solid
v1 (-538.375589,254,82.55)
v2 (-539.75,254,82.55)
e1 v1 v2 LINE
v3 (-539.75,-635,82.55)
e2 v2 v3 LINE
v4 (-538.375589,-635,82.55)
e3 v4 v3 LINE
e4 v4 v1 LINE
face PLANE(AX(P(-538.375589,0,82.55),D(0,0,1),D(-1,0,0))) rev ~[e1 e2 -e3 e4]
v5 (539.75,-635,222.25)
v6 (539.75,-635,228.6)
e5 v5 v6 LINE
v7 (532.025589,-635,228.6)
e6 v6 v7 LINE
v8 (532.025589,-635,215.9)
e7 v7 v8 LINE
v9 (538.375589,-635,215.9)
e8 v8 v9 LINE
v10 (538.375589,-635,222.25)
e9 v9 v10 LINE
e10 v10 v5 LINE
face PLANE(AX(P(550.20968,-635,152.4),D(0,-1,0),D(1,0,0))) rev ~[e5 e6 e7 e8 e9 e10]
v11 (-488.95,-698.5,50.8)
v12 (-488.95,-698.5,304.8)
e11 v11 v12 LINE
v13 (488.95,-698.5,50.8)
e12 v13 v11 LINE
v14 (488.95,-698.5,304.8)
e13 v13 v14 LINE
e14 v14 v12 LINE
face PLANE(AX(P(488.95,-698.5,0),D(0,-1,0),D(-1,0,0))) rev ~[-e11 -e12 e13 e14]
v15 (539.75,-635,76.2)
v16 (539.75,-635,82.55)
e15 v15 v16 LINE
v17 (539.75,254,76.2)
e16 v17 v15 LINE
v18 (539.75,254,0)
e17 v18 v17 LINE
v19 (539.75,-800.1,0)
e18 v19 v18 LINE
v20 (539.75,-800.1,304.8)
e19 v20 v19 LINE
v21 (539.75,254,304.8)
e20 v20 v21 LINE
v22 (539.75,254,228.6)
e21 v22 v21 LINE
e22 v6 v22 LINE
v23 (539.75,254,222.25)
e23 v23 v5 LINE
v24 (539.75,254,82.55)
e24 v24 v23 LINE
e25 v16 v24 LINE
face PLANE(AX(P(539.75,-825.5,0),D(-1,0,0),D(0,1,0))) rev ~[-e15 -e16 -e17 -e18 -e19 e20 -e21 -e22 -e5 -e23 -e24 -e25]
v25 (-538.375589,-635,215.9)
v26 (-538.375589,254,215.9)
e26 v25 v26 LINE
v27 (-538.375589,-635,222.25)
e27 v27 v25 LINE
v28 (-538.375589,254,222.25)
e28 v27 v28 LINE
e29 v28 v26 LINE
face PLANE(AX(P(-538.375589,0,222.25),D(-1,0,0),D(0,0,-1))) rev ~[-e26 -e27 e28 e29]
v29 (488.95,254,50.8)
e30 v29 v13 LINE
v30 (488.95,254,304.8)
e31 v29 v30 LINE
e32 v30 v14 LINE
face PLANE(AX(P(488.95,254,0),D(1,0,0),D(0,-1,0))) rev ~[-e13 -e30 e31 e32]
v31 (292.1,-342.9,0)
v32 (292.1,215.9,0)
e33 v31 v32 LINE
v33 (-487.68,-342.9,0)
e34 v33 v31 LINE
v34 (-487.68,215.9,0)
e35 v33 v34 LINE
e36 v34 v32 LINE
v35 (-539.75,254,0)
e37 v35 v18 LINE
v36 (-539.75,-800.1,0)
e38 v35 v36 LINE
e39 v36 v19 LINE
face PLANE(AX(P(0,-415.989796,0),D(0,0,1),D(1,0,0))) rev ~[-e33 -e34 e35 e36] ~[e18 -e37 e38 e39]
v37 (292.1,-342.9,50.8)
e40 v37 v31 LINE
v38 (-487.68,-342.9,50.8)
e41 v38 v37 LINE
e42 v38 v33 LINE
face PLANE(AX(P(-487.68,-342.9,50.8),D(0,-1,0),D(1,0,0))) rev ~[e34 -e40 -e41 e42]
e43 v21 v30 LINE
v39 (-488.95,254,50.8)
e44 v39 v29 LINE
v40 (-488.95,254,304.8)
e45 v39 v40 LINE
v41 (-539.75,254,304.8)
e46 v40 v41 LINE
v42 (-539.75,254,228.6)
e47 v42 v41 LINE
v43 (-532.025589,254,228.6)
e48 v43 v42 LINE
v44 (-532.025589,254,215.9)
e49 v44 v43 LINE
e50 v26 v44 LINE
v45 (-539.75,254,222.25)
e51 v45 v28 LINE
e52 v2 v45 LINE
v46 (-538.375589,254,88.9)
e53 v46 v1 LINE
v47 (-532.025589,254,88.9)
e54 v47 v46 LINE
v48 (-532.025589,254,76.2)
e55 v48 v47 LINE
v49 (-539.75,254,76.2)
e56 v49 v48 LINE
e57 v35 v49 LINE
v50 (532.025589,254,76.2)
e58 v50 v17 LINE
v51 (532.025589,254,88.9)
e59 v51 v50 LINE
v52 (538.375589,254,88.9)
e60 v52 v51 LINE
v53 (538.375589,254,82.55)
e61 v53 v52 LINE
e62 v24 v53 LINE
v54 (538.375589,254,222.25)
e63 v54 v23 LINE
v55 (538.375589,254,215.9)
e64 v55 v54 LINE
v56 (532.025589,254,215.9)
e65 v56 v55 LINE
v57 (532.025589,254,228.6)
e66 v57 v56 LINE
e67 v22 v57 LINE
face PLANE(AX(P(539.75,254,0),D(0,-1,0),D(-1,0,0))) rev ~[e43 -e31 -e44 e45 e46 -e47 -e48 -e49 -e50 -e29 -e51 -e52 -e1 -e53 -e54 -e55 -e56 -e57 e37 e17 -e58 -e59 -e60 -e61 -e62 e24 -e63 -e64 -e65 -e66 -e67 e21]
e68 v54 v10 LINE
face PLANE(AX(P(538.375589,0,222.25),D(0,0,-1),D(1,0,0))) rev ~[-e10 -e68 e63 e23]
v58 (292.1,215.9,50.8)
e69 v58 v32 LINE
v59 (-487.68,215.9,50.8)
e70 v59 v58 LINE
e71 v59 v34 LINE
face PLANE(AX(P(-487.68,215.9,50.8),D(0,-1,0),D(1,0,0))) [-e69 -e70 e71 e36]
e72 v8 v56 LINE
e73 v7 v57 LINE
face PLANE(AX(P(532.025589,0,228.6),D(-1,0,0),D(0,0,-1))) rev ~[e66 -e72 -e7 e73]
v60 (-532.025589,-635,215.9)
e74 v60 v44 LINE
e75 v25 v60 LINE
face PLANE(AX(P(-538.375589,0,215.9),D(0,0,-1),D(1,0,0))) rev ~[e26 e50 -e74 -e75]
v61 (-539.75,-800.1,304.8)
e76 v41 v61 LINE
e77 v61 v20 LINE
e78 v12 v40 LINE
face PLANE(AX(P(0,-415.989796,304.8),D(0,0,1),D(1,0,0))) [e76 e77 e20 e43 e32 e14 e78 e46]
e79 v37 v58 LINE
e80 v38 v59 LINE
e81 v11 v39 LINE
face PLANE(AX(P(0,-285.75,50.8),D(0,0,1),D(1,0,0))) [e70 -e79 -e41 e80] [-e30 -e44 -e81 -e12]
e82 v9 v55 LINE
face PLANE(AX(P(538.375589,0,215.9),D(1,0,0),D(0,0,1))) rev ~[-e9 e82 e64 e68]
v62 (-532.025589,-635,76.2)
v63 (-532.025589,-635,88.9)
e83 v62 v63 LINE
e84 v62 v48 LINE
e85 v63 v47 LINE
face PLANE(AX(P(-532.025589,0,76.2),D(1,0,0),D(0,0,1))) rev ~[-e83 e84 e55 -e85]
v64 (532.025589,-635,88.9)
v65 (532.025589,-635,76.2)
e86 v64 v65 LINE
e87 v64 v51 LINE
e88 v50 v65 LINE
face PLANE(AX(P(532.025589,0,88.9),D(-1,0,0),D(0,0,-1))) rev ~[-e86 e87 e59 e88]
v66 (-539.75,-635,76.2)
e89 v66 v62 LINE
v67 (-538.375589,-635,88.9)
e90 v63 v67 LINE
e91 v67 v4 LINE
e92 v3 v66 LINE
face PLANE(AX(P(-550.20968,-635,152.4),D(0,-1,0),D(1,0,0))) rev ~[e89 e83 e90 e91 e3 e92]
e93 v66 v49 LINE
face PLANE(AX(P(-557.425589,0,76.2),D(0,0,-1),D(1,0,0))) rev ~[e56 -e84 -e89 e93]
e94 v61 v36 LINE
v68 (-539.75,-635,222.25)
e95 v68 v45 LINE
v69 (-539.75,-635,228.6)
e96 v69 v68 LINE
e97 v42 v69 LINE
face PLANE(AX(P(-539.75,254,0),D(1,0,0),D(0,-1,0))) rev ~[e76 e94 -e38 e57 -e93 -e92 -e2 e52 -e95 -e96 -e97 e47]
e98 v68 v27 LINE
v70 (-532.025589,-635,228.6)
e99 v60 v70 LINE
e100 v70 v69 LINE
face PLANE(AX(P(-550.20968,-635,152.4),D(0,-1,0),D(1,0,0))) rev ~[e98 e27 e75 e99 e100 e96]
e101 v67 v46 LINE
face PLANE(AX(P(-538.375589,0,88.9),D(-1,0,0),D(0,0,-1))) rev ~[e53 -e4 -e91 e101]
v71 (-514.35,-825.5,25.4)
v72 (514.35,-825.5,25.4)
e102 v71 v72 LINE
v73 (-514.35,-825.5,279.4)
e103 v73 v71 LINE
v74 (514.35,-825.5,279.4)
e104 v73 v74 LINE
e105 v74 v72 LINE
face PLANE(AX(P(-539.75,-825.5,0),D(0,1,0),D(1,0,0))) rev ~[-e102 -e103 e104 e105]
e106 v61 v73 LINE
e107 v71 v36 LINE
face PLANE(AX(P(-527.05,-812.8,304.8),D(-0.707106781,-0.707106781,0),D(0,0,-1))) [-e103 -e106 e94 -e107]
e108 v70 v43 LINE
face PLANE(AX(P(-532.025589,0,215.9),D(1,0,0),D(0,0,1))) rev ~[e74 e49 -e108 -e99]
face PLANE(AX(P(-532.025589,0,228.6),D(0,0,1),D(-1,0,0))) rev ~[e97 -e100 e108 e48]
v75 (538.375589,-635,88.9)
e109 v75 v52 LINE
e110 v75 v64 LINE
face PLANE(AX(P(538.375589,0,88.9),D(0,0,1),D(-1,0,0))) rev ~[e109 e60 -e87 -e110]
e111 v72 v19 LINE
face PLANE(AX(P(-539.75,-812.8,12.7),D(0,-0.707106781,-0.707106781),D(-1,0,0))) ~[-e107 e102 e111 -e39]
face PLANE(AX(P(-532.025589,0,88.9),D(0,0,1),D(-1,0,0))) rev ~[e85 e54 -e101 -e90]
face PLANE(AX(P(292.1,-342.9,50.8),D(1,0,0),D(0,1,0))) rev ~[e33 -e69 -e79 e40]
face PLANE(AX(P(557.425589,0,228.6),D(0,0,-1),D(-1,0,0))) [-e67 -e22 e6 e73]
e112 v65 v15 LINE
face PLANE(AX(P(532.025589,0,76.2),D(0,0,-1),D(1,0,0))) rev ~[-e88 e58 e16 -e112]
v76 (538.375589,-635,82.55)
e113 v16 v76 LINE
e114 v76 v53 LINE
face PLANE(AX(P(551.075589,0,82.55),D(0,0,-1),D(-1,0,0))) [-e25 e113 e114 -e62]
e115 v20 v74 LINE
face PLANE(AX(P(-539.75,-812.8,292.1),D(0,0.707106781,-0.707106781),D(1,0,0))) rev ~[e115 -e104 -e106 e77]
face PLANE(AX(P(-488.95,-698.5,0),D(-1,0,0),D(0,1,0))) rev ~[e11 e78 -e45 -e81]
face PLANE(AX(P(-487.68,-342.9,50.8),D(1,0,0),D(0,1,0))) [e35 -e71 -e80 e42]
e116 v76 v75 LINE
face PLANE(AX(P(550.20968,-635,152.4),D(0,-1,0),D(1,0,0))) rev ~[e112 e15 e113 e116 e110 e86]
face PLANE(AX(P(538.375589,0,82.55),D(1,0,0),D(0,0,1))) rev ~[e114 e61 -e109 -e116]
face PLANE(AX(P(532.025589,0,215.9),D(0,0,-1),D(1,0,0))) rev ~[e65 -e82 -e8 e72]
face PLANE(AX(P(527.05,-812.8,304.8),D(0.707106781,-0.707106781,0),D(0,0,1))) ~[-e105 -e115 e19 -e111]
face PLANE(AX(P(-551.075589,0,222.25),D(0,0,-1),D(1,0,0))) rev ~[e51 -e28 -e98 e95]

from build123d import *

# Parameters (mm, degrees)
F2_DEPTH       = 304.8
F3_W           = 1079.5
F3_H           = 1079.5
F4_DEPTH       = 50.8
F5_SIZE        = 25.4
F7_R           = 63.5
F8_DEPTH       = 50.8
F9_W           = 779.78
F9_H           = 558.8
F9_W_2         = 754.38
F9_H_2         = 533.4
F9_R           = 63.5
F10_DEPTH      = 50.8
F12_DEPTH      = 254
F12_DEPTH_BACK = 635


with BuildPart() as f2:
    # F1 (on face) → F2 (new body)
    with BuildSketch(Plane.XY):
        Polygon((539.75, -825.5), (539.75, 254), (488.95, 254), (488.95, -698.5), (-488.95, -698.5), (-488.95, 254), (-539.75, 254), (-539.75, -825.5), align=None)
    extrude(amount=F2_DEPTH)

    # F3 (on Top) → F4 (join)
    with BuildSketch(Plane.XY):
        with Locations((0, -285.75)):
            Rectangle(F3_W, F3_H)
    extrude(amount=F4_DEPTH)

    # F5
    f5_edges = [f2.edges().sort_by_distance(p)[0] for p in [
        (0, -825.5, 0),
        (-539.75, -825.5, 152.4),
        (0, -825.5, 304.8),
        (539.75, -825.5, 152.4),
    ]]
    chamfer(f5_edges, length=F5_SIZE)

    # F7 (on face) → F8 (cut, through all)
    with BuildSketch(Plane.XY.offset(50.8)):
        Circle(F7_R)
    extrude(amount=-F8_DEPTH, mode=Mode.SUBTRACT)

    # F9 (on face) → F10 (cut, through all)
    with BuildSketch(Plane.XY.offset(50.8)):
        with Locations((-97.79, -63.5)):
            Rectangle(F9_W, F9_H)
        with Locations((-97.79, -63.5)):
            Rectangle(F9_W_2, F9_H_2, mode=Mode.SUBTRACT)
        with Locations((-97.79, -63.5)):
            Rectangle(F9_W_2, F9_H_2)
        Circle(F9_R, mode=Mode.SUBTRACT)
    extrude(amount=-F10_DEPTH, mode=Mode.SUBTRACT)

    # F11 (on Front) → F12 (cut, two sides)
    with BuildSketch(Plane.XZ) as f12_sk:
        Polygon((557.425588846, 76.2), (557.425588846, 152.4), (557.425588846, 228.6), (532.025588846, 228.6), (532.025588846, 215.9), (538.375588846, 215.9), (538.375588846, 222.25), (551.075588846, 222.25), (551.075588846, 152.4), (551.075588846, 82.55), (538.375588846, 82.55), (538.375588846, 88.9), (532.025588846, 88.9), (532.025588846, 76.2), align=None)
        Polygon((-532.025588846, 88.9), (-538.375588846, 88.9), (-538.375588846, 82.55), (-551.075588846, 82.55), (-551.075588846, 152.4), (-551.075588846, 222.25), (-538.375588846, 222.25), (-538.375588846, 215.9), (-532.025588846, 215.9), (-532.025588846, 228.6), (-557.425588846, 228.6), (-557.425588846, 152.4), (-557.425588846, 76.2), (-532.025588846, 76.2), align=None)
    extrude(amount=-F12_DEPTH, mode=Mode.SUBTRACT)
    extrude(f12_sk.sketch, amount=F12_DEPTH_BACK, mode=Mode.SUBTRACT)


solid = f2.part
